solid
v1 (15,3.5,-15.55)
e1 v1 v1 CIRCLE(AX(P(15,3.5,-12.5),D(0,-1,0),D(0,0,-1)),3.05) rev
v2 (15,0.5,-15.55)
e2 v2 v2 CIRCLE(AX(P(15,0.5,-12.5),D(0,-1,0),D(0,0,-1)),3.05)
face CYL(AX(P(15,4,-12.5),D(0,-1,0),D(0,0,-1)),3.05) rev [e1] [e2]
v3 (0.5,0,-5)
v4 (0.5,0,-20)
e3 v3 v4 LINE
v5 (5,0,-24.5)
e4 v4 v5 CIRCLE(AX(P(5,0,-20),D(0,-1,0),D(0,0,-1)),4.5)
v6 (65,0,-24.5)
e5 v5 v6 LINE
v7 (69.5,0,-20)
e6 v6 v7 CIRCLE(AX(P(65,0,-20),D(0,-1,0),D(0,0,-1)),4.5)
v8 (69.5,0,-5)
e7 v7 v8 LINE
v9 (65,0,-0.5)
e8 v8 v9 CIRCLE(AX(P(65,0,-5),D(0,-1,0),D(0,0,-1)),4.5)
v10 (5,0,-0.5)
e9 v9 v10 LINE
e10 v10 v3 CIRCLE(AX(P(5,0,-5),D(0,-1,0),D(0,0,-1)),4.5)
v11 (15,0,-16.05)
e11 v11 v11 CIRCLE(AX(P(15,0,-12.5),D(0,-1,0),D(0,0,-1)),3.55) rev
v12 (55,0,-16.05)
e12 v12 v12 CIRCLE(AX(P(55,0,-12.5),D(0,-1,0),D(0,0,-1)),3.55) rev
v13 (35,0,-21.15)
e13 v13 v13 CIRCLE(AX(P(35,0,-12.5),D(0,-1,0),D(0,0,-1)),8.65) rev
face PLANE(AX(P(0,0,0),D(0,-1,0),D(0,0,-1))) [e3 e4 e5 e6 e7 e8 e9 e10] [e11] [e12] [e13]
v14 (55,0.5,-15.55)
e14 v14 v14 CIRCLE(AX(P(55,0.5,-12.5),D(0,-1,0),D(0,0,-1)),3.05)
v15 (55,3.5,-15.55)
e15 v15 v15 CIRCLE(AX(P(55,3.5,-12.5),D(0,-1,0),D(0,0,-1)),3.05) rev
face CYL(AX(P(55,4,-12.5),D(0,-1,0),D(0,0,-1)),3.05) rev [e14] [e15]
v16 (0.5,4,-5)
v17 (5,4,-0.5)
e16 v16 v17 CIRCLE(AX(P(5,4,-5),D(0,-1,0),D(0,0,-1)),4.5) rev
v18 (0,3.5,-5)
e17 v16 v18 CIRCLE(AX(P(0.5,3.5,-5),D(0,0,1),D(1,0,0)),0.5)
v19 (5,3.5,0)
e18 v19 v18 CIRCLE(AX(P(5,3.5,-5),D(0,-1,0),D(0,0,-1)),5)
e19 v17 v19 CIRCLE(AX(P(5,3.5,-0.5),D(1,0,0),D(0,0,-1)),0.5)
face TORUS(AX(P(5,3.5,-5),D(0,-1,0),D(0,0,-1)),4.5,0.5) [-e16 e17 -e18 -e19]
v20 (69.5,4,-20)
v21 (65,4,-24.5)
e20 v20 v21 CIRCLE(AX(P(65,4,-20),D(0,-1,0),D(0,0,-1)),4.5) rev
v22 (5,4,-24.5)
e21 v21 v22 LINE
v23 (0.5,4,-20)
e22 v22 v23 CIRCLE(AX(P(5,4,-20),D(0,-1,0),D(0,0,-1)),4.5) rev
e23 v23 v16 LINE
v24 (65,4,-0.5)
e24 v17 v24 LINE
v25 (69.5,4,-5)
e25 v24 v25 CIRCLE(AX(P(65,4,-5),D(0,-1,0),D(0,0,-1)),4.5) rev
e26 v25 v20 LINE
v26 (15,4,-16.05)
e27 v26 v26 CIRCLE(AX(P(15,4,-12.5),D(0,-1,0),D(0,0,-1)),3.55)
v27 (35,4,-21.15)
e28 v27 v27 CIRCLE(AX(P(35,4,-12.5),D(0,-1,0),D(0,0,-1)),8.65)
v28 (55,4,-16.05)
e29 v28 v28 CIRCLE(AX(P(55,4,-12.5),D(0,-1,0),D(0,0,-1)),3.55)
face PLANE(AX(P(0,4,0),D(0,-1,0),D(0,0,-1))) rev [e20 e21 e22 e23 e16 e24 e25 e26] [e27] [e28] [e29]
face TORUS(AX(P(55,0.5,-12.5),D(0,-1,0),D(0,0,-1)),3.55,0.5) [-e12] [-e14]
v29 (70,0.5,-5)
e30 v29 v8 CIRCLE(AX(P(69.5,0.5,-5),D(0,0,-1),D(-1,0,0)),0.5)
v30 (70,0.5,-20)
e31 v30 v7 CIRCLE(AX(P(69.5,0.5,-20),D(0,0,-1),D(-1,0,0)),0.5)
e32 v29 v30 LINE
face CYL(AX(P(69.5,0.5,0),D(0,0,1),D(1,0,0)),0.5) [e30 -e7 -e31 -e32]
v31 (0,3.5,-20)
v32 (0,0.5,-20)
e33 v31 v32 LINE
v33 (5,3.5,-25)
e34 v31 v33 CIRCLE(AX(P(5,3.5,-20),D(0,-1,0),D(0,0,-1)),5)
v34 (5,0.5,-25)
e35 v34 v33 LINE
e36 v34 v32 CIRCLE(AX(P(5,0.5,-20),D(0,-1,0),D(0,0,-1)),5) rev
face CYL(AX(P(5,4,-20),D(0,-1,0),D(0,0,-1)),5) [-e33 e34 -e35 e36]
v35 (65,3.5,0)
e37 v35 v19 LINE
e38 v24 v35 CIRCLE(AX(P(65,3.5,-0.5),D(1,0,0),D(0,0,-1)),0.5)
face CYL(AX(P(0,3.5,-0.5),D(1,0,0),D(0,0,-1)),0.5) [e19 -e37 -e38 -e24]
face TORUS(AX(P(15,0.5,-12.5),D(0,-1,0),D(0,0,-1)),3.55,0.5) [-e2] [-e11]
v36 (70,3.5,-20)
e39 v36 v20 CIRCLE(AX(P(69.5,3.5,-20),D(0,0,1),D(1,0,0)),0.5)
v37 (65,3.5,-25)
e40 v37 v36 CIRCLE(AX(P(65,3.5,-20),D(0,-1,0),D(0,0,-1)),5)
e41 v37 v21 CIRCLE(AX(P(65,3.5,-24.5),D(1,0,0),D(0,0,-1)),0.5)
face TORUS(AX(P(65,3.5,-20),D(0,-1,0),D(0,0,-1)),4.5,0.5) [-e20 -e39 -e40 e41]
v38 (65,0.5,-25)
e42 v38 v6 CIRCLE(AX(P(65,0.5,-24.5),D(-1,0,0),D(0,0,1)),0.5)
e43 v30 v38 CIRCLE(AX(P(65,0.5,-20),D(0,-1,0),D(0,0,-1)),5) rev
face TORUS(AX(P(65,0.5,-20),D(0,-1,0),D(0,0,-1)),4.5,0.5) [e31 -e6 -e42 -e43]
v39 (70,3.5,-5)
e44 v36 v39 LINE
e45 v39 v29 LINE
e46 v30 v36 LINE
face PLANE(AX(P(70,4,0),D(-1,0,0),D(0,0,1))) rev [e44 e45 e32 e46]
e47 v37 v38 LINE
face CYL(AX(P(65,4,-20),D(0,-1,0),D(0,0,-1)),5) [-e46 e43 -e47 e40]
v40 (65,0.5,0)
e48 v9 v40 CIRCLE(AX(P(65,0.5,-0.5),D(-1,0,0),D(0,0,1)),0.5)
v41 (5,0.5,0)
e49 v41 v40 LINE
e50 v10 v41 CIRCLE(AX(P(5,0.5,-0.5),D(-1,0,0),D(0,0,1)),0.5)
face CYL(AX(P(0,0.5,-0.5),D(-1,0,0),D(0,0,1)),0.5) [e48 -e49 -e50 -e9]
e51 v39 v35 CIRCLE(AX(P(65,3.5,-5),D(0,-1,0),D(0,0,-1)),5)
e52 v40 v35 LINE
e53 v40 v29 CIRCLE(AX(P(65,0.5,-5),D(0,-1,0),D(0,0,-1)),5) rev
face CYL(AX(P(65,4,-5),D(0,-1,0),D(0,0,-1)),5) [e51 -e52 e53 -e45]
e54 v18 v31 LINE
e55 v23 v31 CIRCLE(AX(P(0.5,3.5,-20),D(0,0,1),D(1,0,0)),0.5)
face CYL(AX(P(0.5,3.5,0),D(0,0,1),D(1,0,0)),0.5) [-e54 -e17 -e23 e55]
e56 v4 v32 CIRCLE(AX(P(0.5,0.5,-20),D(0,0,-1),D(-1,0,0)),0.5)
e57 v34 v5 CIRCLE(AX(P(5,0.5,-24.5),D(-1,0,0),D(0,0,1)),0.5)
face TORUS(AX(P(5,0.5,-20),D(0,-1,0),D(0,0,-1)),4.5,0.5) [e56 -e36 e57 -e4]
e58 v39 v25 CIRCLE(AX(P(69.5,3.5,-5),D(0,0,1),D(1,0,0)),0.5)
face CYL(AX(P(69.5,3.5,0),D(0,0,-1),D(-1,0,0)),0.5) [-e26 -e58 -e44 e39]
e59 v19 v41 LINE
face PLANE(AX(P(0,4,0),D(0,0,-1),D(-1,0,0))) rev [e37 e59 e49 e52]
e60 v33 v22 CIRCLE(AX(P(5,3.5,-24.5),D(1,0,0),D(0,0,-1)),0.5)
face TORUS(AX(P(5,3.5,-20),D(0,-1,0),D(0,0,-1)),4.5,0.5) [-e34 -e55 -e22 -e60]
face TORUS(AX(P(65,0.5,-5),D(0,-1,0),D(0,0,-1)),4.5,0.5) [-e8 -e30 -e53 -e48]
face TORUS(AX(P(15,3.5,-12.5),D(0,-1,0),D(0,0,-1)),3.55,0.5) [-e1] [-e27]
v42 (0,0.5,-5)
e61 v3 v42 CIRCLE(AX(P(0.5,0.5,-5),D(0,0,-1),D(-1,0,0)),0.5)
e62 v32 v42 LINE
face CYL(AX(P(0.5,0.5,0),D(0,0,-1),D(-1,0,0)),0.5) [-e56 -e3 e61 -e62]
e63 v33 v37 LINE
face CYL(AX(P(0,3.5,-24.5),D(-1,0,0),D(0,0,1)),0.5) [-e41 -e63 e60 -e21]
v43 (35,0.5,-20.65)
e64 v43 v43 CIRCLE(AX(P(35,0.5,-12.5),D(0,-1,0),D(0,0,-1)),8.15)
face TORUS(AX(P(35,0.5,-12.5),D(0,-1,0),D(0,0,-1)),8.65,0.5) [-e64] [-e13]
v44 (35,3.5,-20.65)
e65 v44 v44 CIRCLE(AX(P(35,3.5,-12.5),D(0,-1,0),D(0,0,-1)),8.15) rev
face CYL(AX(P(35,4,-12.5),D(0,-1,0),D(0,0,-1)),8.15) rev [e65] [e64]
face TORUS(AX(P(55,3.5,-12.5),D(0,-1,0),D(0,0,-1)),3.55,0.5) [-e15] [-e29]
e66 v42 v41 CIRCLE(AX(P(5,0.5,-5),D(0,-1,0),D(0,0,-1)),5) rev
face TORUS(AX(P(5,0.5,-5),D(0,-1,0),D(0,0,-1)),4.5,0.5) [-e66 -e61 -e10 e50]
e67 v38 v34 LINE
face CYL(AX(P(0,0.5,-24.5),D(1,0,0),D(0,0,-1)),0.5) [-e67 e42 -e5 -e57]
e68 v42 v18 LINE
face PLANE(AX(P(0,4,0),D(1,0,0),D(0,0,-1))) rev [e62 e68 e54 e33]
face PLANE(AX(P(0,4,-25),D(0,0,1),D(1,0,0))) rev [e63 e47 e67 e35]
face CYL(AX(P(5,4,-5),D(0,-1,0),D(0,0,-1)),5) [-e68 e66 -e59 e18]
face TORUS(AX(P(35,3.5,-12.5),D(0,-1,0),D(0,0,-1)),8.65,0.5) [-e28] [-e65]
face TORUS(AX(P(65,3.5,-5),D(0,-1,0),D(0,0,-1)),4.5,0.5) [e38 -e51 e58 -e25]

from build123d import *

# Parameters (mm, degrees)
SKETCH1_W           = 70
SKETCH1_H           = 25
SKETCH1_R           = 3.05
SKETCH1_R_2         = 8.15
BOSS_EXTRUDE1_DEPTH = 4
FILLET1_R           = 5
FILLET2_R           = 0.5


with BuildPart() as part:
    # Sketch1 → Boss-Extrude1 (new body)
    with BuildSketch(Plane(origin=(0, 0, 0), x_dir=(1, 0, 0), z_dir=(0, 1, 0))):
        with Locations((35, 12.5)):
            Rectangle(SKETCH1_W, SKETCH1_H)
        with Locations(Location((15, 12.5, 0), (0, 0, 270))):
            Circle(SKETCH1_R, mode=Mode.SUBTRACT)
        with Locations(Location((35, 12.5, 0), (0, 0, 270))):
            Circle(SKETCH1_R_2, mode=Mode.SUBTRACT)
        with Locations(Location((55, 12.5, 0), (0, 0, 90))):
            Circle(SKETCH1_R, mode=Mode.SUBTRACT)
    extrude(amount=BOSS_EXTRUDE1_DEPTH)

    # Fillet1
    fillet1_edges = [part.edges().sort_by_distance(p)[0] for p in [
        (0, 2, -25),
        (70, 2, -25),
        (70, 2, 0),
        (0, 2, 0),
    ]]
    fillet(fillet1_edges, radius=FILLET1_R)

    # Fillet2
    fillet2_edges = [part.edges().sort_by_distance(p)[0] for p in [
        (15, 0, -15.55),
        (15, 4, -15.55),
        (35, 0, -20.65),
        (35, 4, -20.65),
        (55, 0, -9.45),
        (55, 4, -9.45),
        (35, 0, -25),
        (35, 4, -25),
        (0, 0, -12.5),
        (70, 0, -12.5),
        (35, 0, 0),
        (68.535533906, 0, -1.464466094),
        (1.464466094, 0, -1.464466094),
        (1.464466094, 0, -23.535533906),
        (68.535533906, 0, -23.535533906),
        (70, 4, -12.5),
        (0, 4, -12.5),
        (35, 4, 0),
        (68.535533906, 4, -1.464466094),
        (1.464466094, 4, -1.464466094),
        (1.464466094, 4, -23.535533906),
        (68.535533906, 4, -23.535533906),
    ]]
    fillet(fillet2_edges, radius=FILLET2_R)


solid = part.part
